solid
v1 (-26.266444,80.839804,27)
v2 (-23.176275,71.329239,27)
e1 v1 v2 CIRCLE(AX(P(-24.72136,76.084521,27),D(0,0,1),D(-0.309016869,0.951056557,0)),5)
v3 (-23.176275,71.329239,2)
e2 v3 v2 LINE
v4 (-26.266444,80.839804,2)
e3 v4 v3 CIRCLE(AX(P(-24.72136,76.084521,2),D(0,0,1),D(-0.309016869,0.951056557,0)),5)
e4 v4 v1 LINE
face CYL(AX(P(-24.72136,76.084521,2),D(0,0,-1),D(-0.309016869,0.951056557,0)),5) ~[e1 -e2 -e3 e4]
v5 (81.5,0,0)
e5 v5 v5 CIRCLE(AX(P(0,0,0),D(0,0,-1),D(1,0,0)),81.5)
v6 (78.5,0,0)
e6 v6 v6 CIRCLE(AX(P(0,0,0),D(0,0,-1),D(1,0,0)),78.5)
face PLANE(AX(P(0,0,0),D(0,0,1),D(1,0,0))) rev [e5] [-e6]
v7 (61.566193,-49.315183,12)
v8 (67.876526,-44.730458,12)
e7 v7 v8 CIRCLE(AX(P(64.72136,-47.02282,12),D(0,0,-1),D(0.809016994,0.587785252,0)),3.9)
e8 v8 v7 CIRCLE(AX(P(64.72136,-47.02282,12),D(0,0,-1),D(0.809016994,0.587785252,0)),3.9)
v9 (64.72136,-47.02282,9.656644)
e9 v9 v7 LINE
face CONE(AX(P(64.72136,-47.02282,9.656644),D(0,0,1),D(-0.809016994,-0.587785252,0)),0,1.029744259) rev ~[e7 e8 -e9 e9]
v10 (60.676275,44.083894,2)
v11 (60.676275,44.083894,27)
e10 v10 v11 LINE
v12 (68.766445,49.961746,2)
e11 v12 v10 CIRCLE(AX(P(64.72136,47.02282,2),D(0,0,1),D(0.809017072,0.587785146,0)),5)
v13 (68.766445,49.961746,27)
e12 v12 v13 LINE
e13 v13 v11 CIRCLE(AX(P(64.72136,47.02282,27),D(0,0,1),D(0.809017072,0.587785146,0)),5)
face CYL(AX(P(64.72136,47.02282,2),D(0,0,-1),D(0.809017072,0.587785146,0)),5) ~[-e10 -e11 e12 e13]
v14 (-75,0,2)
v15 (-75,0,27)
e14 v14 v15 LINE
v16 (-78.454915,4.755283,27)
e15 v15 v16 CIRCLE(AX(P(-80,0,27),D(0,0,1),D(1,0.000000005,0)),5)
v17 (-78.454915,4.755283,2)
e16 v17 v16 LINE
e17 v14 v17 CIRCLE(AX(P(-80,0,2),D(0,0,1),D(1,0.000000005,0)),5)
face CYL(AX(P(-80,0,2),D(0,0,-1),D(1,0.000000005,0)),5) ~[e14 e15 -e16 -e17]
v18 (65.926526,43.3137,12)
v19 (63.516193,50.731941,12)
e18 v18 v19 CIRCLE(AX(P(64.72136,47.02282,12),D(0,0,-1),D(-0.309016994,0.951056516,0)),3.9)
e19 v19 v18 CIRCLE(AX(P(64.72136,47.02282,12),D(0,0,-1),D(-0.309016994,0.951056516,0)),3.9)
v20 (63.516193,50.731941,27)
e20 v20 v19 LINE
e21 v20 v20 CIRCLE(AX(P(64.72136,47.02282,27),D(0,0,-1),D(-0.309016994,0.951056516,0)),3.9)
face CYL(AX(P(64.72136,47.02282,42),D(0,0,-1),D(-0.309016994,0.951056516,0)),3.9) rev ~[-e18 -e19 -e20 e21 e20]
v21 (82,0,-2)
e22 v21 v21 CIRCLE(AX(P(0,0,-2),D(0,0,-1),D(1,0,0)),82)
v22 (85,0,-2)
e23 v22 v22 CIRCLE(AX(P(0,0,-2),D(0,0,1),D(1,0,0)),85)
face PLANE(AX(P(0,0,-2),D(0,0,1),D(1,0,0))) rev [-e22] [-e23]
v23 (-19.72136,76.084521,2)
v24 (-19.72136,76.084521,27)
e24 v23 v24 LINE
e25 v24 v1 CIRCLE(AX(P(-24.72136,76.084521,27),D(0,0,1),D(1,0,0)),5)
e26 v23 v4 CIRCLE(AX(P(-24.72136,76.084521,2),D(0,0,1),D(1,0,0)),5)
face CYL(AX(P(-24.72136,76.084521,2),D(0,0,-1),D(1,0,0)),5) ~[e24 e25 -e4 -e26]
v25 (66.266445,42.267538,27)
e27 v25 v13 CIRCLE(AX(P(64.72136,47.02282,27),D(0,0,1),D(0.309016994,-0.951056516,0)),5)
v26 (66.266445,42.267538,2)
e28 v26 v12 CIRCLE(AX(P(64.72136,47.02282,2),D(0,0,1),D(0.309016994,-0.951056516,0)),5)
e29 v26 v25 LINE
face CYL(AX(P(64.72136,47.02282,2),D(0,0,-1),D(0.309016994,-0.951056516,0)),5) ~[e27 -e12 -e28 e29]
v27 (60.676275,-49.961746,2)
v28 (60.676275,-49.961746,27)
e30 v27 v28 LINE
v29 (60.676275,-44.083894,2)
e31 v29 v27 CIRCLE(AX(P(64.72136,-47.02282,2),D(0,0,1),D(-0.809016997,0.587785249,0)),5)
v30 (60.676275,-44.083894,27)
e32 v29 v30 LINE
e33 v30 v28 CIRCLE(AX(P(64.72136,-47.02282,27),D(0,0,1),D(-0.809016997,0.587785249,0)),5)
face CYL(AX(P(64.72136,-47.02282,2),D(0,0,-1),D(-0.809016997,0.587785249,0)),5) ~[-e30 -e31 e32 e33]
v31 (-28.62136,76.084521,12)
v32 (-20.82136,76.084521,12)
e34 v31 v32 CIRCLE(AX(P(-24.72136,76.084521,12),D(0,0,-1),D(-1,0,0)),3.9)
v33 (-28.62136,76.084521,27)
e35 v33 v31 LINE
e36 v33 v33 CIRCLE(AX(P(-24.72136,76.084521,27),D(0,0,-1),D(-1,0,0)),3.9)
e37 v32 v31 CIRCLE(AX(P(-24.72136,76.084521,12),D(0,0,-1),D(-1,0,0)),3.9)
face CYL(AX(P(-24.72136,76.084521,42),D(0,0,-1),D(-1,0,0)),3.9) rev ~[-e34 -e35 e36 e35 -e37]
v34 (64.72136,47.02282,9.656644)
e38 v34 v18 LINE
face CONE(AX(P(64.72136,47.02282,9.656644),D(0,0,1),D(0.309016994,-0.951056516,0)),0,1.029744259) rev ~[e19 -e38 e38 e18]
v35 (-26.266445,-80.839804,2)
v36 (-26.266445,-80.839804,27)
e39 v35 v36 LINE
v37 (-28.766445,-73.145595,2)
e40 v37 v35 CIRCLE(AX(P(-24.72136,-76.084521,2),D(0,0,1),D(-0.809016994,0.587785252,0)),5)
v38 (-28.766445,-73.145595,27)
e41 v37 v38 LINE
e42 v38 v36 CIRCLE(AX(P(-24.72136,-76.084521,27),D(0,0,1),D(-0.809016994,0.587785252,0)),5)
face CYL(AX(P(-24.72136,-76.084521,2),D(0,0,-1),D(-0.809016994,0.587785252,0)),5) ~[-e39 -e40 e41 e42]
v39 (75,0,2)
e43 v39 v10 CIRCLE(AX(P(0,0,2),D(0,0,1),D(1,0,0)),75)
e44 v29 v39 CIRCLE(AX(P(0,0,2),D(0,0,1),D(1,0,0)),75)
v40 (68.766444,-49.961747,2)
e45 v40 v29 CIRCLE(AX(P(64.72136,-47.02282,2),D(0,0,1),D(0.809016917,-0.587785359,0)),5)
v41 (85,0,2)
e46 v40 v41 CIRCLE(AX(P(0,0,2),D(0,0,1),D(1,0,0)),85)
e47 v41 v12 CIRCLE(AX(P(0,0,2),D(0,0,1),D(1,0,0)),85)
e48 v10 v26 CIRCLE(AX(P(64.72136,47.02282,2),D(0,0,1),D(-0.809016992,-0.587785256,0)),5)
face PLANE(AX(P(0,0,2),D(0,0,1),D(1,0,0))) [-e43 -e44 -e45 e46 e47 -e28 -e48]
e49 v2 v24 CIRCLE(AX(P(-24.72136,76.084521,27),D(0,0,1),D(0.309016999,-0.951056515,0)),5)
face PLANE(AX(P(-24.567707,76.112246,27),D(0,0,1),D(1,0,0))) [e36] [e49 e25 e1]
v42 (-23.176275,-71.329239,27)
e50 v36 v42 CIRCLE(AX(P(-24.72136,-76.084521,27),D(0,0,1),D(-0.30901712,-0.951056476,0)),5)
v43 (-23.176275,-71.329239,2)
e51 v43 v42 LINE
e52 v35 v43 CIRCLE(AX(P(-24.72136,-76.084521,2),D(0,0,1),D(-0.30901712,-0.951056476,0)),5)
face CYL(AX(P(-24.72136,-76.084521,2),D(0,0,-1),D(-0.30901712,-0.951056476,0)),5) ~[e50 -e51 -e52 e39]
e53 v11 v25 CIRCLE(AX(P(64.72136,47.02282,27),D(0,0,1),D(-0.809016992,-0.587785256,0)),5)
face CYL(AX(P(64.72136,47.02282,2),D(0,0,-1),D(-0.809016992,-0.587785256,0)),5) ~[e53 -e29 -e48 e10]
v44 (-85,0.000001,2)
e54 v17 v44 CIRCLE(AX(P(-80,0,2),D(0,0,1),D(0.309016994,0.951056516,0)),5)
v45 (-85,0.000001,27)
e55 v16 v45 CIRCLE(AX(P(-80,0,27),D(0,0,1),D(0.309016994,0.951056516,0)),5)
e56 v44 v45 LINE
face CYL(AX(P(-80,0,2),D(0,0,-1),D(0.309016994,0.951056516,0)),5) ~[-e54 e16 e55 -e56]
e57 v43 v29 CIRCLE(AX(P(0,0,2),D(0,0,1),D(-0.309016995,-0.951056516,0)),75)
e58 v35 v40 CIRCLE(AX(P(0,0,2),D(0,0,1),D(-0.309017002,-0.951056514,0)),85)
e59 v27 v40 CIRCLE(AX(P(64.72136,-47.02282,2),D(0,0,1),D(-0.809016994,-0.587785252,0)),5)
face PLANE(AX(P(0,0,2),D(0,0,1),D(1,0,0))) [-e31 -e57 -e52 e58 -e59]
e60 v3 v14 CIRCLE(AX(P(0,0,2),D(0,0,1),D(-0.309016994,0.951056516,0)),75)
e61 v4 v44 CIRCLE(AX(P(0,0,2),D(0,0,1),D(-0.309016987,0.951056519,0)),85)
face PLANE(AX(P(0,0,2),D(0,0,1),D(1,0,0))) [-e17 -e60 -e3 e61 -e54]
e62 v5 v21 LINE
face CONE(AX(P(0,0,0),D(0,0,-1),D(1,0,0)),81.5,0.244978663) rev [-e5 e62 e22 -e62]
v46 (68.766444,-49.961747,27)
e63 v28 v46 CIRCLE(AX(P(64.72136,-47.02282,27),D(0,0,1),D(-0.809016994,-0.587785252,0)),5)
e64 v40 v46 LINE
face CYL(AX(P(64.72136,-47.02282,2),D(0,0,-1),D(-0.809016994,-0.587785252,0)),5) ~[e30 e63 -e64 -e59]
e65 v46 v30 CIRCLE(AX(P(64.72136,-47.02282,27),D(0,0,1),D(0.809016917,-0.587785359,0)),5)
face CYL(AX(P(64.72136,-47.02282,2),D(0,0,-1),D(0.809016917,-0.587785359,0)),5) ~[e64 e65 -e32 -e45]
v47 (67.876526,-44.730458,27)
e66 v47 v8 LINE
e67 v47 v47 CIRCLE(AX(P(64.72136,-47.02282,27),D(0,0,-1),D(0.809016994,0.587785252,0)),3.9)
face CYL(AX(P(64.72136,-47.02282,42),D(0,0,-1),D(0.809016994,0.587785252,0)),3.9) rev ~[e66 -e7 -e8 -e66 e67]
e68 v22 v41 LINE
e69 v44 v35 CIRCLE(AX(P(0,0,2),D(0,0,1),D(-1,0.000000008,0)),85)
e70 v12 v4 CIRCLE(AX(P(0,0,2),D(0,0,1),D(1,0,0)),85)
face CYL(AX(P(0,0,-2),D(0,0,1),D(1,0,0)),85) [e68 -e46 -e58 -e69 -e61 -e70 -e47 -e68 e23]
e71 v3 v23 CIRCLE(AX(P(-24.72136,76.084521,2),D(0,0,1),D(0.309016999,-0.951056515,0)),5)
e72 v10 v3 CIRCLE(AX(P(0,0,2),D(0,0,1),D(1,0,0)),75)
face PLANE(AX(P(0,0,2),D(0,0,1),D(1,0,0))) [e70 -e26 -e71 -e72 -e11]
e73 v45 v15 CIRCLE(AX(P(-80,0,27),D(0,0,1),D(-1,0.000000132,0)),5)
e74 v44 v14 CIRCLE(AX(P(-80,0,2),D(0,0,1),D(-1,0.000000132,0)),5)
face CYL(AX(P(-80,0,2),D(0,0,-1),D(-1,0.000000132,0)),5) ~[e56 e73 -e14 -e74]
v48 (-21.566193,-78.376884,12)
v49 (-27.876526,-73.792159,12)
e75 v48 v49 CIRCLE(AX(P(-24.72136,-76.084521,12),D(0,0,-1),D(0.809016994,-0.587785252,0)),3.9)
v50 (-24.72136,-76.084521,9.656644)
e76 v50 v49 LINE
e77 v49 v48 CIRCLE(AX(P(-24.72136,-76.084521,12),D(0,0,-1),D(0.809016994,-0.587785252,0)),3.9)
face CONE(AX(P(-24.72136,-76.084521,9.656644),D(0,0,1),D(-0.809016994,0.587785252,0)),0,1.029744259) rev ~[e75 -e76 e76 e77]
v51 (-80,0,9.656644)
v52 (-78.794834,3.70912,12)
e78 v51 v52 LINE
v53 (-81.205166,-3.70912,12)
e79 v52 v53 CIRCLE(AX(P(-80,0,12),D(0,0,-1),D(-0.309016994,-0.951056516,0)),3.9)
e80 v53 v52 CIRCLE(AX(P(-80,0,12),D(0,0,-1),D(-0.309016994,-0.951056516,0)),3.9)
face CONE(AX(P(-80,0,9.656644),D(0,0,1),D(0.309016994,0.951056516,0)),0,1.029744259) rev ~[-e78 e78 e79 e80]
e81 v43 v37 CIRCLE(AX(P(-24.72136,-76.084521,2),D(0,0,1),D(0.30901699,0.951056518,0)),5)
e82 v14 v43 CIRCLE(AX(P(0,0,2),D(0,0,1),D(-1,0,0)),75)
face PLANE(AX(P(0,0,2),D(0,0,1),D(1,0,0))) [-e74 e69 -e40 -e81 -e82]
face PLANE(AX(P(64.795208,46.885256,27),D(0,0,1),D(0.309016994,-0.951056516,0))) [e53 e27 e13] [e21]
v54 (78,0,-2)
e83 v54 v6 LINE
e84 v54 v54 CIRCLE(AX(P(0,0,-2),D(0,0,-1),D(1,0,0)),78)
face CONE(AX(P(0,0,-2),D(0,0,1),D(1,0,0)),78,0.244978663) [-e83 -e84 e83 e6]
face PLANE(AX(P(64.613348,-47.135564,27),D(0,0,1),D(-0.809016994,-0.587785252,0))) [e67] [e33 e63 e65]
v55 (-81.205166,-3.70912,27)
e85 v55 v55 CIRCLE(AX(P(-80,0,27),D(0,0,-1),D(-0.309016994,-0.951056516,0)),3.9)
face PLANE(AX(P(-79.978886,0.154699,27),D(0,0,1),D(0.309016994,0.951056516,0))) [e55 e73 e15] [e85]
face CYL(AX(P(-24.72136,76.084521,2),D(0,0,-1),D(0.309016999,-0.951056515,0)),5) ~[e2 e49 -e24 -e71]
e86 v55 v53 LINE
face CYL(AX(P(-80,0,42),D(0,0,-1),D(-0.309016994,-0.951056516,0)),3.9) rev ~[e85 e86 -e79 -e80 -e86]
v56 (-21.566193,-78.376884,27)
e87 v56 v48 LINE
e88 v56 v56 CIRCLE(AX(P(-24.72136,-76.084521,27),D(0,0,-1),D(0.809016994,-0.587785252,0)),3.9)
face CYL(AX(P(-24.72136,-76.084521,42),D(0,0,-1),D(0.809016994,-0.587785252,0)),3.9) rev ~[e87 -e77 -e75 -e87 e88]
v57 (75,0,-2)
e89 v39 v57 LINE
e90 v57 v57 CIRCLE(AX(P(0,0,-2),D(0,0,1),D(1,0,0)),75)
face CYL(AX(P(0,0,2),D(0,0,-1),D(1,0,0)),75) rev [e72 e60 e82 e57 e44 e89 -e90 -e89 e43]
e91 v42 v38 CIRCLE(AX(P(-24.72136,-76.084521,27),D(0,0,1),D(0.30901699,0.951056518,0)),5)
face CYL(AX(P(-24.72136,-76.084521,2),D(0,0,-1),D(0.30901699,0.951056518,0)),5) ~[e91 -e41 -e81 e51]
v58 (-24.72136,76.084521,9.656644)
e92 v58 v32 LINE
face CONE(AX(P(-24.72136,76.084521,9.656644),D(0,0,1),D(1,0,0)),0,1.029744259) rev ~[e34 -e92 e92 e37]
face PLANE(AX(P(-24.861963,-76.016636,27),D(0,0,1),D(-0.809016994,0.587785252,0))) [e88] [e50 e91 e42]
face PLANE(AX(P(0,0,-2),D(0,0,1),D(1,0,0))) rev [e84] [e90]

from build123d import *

# Parameters (mm, degrees)
F9_DEPTH  = 25
F11_D     = 7.8
F11_DEPTH = 15
F11_TIP   = 2.3433564142
F12_COUNT = 5


with BuildPart() as f5:
    # F4 (on Front) → F5 (revolve)
    with BuildSketch(Plane.XZ):
        Polygon((75, -2), (78, -2), (78.5, 0), (80, 0), (81.5, 0), (82, -2), (85, -2), (85, 2), (80, 2), (75, 2), align=None)
    revolve(axis=Axis((0, 0, 0), (0, 0, 1)))

    # F8 (on face) → F9 (join)
    with BuildSketch(Plane.XY.offset(2)):
        with BuildLine():
            ThreePointArc((-26.2664438955, 80.8398040886), (-29.4766422296, 74.5394366339), (-23.176274556, 71.3292387293))
            ThreePointArc((-23.176274556, 71.3292387293), (-20.6762745713, 73.1455950516), (-19.72135955, 76.0845213036))
            ThreePointArc((-19.72135955, 76.0845213036), (-21.7824330221, 80.1296060819), (-26.2664438955, 80.8398040886))
        make_face()
    extrude(amount=F9_DEPTH)

    # F11
    with Locations(Plane.XY.offset(27)):
        with Locations((-24.72135955, 76.0845213036)):
            Hole(F11_D / 2, depth=F11_DEPTH)
            with Locations((0, 0, -(F11_DEPTH + F11_TIP / 2))):  # 118° drill point
                Cone(0, F11_D / 2, F11_TIP, mode=Mode.SUBTRACT)

    # F12: F5 ×5 about axis
    f12_axis = Axis((0, 0, 32.8164733946), (0, 0, 1))


with BuildPart() as f5_1:
    add(f5.part)
    for i in range(1, F12_COUNT):
        add(f5.part.rotate(f12_axis, i * 360 / F12_COUNT))


solid = f5_1.part
